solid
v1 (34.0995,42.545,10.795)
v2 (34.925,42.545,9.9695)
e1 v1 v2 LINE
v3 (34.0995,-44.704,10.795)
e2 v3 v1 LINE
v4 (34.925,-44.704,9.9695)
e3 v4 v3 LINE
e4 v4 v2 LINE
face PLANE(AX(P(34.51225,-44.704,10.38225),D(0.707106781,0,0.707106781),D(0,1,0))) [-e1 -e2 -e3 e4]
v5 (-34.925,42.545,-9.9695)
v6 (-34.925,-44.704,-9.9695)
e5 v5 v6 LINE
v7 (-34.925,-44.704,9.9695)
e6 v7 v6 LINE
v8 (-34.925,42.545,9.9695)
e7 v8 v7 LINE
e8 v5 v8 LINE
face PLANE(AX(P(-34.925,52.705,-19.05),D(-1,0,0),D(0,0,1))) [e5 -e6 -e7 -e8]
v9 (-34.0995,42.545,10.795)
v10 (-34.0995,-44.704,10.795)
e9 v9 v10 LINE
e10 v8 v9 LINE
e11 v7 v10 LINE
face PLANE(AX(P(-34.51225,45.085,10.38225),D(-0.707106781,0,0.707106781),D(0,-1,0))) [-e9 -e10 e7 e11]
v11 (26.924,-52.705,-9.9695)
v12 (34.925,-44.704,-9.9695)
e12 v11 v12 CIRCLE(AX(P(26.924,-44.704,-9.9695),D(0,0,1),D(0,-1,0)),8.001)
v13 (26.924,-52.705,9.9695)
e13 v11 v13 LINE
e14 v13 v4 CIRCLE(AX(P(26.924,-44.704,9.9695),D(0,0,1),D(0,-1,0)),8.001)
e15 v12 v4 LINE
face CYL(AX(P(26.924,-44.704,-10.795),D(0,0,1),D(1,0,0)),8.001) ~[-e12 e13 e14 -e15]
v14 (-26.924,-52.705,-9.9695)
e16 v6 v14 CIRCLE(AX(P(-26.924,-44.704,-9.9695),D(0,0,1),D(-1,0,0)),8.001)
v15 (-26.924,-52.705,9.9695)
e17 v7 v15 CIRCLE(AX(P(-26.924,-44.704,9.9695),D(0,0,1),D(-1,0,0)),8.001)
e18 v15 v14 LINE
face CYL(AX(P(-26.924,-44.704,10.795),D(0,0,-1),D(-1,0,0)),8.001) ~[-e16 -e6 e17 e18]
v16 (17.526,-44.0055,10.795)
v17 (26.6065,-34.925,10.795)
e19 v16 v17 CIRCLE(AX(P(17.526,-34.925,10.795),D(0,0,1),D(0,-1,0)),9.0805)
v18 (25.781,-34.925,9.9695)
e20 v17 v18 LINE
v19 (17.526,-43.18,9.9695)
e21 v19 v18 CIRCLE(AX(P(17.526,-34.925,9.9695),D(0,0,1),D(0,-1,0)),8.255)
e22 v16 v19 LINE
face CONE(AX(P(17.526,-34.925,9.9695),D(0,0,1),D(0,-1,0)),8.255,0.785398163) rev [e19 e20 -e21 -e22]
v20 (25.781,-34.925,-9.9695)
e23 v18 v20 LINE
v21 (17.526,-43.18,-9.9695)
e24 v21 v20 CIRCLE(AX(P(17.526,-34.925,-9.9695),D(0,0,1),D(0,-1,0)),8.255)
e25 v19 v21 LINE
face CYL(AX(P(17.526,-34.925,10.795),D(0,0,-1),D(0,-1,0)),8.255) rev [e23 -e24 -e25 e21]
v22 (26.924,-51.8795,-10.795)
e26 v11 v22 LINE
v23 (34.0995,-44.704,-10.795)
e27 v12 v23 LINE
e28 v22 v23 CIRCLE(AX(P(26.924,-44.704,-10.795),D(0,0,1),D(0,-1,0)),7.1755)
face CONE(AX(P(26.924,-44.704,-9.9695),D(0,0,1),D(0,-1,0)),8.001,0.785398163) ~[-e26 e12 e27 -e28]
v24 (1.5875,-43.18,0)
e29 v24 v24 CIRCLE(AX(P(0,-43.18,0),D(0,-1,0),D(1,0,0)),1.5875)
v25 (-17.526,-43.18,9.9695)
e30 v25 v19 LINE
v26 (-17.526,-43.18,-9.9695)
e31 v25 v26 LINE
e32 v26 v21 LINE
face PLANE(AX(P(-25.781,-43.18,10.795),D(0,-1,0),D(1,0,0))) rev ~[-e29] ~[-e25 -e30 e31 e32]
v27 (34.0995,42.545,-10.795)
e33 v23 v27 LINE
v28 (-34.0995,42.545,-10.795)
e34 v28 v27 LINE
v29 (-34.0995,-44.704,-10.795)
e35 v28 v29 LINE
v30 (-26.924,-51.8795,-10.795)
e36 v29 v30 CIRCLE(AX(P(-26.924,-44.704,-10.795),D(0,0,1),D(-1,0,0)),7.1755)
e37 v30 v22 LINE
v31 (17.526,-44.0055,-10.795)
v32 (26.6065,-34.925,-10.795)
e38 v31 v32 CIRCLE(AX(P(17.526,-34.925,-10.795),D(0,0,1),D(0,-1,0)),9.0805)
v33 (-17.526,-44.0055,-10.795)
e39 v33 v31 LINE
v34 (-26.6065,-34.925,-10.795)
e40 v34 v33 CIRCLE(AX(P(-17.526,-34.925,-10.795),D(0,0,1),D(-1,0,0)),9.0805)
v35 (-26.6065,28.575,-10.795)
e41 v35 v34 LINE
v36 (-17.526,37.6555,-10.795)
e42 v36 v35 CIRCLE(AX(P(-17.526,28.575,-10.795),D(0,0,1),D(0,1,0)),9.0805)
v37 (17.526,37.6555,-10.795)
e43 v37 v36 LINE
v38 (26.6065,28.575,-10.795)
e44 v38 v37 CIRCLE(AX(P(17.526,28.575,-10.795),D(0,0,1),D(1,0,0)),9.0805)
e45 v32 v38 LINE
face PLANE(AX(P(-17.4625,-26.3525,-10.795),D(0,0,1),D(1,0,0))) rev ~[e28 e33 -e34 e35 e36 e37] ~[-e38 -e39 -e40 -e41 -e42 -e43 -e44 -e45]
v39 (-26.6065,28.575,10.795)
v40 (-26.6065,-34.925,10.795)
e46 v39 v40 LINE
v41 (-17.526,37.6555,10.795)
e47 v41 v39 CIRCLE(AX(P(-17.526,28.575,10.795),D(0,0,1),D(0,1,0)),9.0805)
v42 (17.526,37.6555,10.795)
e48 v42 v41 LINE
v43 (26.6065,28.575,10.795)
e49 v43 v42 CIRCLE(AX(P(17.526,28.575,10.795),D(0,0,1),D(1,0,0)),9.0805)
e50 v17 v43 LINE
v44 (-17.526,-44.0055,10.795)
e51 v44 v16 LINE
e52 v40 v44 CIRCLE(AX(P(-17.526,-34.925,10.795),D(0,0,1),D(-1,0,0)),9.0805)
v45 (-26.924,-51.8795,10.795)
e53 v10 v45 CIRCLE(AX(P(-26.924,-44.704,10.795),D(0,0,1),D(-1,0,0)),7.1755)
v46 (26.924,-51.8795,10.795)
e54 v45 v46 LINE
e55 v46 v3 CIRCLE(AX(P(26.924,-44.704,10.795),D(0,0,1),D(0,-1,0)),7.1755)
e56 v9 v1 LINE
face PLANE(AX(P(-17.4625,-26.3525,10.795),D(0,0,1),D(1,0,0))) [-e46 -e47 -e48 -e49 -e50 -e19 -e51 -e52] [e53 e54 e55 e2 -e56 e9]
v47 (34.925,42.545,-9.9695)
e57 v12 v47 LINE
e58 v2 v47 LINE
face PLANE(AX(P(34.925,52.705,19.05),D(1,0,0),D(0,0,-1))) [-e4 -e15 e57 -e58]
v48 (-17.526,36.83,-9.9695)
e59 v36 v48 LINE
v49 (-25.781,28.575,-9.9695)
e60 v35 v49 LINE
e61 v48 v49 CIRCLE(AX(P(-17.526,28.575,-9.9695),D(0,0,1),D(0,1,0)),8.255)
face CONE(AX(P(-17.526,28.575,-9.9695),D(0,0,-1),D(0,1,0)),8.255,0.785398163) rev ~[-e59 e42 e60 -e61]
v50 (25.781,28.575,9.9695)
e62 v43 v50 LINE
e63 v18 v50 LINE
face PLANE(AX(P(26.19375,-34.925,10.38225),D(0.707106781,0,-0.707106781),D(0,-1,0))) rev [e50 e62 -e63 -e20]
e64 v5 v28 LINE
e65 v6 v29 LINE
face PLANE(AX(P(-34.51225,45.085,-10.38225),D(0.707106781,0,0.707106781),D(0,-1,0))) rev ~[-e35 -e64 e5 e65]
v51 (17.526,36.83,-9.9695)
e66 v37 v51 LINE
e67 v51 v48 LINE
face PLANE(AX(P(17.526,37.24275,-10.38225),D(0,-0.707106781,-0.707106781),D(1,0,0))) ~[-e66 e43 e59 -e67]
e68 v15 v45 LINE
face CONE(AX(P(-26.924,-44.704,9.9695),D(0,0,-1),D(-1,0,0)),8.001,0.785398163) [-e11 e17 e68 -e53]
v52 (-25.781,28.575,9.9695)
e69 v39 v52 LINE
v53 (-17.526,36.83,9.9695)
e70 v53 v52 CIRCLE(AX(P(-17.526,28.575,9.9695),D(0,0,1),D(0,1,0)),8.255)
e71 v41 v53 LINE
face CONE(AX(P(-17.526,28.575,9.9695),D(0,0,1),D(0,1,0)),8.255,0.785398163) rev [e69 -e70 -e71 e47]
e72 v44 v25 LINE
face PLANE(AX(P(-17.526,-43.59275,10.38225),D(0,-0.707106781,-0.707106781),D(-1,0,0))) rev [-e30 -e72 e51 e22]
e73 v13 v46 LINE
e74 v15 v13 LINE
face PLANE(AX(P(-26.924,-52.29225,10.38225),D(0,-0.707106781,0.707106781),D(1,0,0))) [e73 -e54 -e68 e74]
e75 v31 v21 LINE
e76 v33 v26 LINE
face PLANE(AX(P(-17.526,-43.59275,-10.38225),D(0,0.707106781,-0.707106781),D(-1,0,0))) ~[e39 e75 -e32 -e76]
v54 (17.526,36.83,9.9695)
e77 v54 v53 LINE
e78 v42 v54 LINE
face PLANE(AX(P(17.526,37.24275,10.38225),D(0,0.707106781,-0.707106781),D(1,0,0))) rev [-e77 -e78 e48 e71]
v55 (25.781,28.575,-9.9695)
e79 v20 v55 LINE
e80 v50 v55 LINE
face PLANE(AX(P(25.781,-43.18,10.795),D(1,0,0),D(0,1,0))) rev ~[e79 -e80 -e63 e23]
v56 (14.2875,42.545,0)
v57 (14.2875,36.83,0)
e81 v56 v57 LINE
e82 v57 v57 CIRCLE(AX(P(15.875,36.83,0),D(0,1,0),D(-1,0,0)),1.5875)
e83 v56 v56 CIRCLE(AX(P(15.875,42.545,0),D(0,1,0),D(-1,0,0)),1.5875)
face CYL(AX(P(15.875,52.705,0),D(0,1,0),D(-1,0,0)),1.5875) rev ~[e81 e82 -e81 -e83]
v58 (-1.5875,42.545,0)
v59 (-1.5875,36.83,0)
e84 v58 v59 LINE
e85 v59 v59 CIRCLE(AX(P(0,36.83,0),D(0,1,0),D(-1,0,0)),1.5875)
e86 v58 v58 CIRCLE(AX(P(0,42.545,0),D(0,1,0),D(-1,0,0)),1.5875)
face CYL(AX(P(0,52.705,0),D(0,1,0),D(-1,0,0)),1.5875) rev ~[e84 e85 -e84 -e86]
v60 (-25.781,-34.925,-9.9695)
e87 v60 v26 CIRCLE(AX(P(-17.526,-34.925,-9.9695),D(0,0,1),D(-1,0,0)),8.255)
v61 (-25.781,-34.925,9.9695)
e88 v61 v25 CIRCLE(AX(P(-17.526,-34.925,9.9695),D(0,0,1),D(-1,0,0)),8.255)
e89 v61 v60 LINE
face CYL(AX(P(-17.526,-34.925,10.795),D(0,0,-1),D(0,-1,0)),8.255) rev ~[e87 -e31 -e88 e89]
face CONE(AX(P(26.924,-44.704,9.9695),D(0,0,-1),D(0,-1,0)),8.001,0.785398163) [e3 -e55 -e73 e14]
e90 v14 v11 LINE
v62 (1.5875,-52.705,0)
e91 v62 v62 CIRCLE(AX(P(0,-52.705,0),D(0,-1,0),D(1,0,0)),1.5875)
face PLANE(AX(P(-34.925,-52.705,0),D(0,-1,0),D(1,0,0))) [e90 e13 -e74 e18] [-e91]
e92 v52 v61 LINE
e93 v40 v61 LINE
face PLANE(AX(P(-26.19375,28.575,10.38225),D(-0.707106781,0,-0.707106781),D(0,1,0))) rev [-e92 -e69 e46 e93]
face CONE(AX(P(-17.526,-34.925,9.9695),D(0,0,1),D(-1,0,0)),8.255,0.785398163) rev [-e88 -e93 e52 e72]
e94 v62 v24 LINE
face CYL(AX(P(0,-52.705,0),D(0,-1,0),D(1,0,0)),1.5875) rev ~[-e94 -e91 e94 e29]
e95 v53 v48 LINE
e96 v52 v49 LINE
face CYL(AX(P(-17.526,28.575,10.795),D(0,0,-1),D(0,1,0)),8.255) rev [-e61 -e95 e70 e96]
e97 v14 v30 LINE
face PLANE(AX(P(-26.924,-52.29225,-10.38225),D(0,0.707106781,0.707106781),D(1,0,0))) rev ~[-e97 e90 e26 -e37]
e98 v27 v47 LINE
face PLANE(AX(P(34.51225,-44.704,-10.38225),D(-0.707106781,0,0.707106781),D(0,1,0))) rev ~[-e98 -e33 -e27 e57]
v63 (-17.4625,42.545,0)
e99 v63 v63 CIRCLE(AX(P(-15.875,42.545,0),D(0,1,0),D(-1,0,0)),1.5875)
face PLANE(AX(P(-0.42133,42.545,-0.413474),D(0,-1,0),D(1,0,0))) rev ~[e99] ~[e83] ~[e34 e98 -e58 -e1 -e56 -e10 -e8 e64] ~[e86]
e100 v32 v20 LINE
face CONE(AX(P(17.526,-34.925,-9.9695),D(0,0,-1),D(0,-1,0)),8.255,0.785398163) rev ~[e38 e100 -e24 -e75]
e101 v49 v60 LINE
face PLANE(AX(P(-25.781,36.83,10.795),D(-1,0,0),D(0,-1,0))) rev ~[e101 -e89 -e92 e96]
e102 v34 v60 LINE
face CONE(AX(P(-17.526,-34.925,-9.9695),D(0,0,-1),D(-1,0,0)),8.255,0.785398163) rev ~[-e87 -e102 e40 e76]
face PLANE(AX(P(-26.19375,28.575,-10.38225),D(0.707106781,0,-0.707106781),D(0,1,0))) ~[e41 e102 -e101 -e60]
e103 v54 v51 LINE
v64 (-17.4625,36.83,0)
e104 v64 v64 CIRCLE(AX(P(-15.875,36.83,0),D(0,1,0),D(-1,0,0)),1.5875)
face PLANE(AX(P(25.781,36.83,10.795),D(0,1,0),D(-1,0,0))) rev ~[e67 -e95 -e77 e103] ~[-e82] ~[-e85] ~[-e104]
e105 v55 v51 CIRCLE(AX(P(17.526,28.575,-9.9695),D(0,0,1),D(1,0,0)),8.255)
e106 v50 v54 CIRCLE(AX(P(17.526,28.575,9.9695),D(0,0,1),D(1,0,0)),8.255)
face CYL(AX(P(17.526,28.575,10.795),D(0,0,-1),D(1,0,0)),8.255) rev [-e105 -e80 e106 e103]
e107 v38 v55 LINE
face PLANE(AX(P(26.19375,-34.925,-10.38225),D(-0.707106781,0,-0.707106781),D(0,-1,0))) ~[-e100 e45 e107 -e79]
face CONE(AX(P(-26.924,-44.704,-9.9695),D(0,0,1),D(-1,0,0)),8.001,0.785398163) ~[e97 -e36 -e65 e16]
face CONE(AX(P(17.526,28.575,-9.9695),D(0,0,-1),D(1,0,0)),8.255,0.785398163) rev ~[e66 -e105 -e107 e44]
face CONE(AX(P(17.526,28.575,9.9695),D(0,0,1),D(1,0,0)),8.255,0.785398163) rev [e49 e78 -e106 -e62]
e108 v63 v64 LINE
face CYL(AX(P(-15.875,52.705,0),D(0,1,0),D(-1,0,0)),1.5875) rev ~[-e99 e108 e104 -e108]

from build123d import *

# Parameters (mm, degrees)
F0_W      = 34.925
F0_H      = 52.705
F1_DEPTH  = 10.795
F2_DEPTH  = 10.795
F3_W      = 25.781
F3_H      = 43.18
F3_H_2    = 36.83
F4_DEPTH  = 25.4
F5_R      = 8.255
F6_W      = 34.925
F6_H      = 19.05
F7_DEPTH  = 5.08
F8_R      = 1.5875
F9_DEPTH  = 50.8
F10_R     = 7.493
F11_DEPTH = 76.2
F12_R     = 8.001
F13_R     = 1.5875
F14_DEPTH = 25.4
F15_SIZE  = 0.762
F16_R     = 2.54
F17_SIZE  = 0.8255
F19_W     = 73.3495355977
F19_H     = 43.3503502247
F20_DEPTH = 25.4
F21_R     = 1.5875
F22_DEPTH = 25.4


with BuildPart() as f1:
    # F0 (on Top) → F1 (new body)
    with BuildSketch(Plane.XY):
        with Locations((-17.4625, -26.3525)):
            Rectangle(F0_W, F0_H)
        with Locations((-17.4625, 26.3525)):
            Rectangle(F0_W, F0_H)
        Polygon((0, 52.705), (0, 0), (0, -52.705), (34.925, -52.705), (34.925, 0), (34.925, 52.705), align=None)
    extrude(amount=F1_DEPTH)

    # F0 (on Top) → F2 (join)
    with BuildSketch(Plane.XY):
        with Locations((-17.4625, -26.3525)):
            Rectangle(F0_W, F0_H)
        with Locations((-17.4625, 26.3525)):
            Rectangle(F0_W, F0_H)
        Polygon((0, 52.705), (0, 0), (0, -52.705), (34.925, -52.705), (34.925, 0), (34.925, 52.705), align=None)
    extrude(amount=-F2_DEPTH)

    # F3 (on face) → F4 (cut)
    with BuildSketch(Plane.XY.offset(10.795)):
        with Locations((-12.8905, -21.59)):
            Rectangle(F3_W, F3_H)
        with Locations((-12.8905, 18.415)):
            Rectangle(F3_W, F3_H_2)
        with Locations((12.8905, -21.59)):
            Rectangle(F3_W, F3_H)
        with Locations((12.8905, 18.415)):
            Rectangle(F3_W, F3_H_2)
    extrude(amount=-F4_DEPTH, mode=Mode.SUBTRACT)

    # F5
    f5_edges = [f1.edges().sort_by_distance(p)[0] for p in [
        (-25.781, 36.83, 0),
        (25.781, 36.83, 0),
        (-25.781, -43.18, 0),
        (25.781, -43.18, 0),
    ]]
    fillet(f5_edges, radius=F5_R)

    # F6 (on face) → F7 (join)
    with BuildSketch(Plane(origin=(0, 52.705, 0), x_dir=(-1, 0, 0), z_dir=(0, 1, 0))):
        Polygon((-34.925, 0), (0, 0), (0, -19.05), (34.925, -19.05), (34.925, 0), (34.925, 19.05), (0, 19.05), (-34.925, 19.05), align=None)
        with Locations((-17.4625, -9.525)):
            Rectangle(F6_W, F6_H)
    extrude(amount=-F7_DEPTH)

    # F8 (on face) → F9 (cut)
    with BuildSketch(Plane.XZ.offset(-47.625)):
        with Locations((22.225, 15.24)):
            Circle(F8_R)
        with Locations((0, 15.24)):
            Circle(F8_R)
        with Locations((0, -15.24)):
            Circle(F8_R)
        with Locations((22.225, -15.24)):
            Circle(F8_R)
        with Locations((-22.225, 15.24)):
            Circle(F8_R)
        with Locations((-22.225, -15.24)):
            Circle(F8_R)
    extrude(amount=-F9_DEPTH, mode=Mode.SUBTRACT)

    # F10 (on face) → F11 (cut)
    with BuildSketch(Plane(origin=(-34.925, 0, 0), x_dir=(0, -1, 0), z_dir=(-1, 0, 0))):
        with Locations((-52.705, 0)):
            Circle(F10_R)
    extrude(amount=-F11_DEPTH, mode=Mode.SUBTRACT)

    # F12
    f12_edges = [f1.edges().sort_by_distance(p)[0] for p in [
        (34.925, -52.705, 0),
        (-34.925, -52.705, 0),
    ]]
    fillet(f12_edges, radius=F12_R)

    # F13 (on face) → F14 (cut)
    with BuildSketch(Plane(origin=(0, 52.705, 0), x_dir=(-1, 0, 0), z_dir=(0, 1, 0))):
        Circle(F13_R)
        with Locations((-15.875, 0)):
            Circle(F13_R)
        with Locations((15.875, 0)):
            Circle(F13_R)
    extrude(amount=-F14_DEPTH, mode=Mode.SUBTRACT)

    # F15
    f15_edges = [f1.edges().sort_by_distance(p)[0] for p in [
        (17.4625, 45.212, 0),
        (1.5875, 45.212, 0),
        (-14.2875, 45.212, 0),
    ]]
    chamfer(f15_edges, length=F15_SIZE)

    # F16
    f16_edges = [f1.edges().sort_by_distance(p)[0] for p in [
        (0, 47.625, -10.795),
        (0, 47.625, 10.795),
    ]]
    fillet(f16_edges, radius=F16_R)

    # F17
    f17_edges = [f1.edges().sort_by_distance(p)[0] for p in [
        (25.781, -3.175, 10.795),
        (34.925, 0.1905, 10.795),
        (34.925, 0.1905, -10.795),
        (25.781, -3.175, -10.795),
        (0, 47.625, -19.05),
        (0, 47.625, 19.05),
    ]]
    chamfer(f17_edges, length=F17_SIZE)

    # F19 (on offset) → F20 (cut)
    with BuildSketch(Plane.XZ.offset(-42.545)):
        with Locations((-0.421330399, -0.413473639)):
            Rectangle(F19_W, F19_H)
    extrude(amount=-F20_DEPTH, mode=Mode.SUBTRACT)

    # F21 (on face) → F22 (cut)
    with BuildSketch(Plane.XZ.offset(52.705)):
        Circle(F21_R)
    extrude(amount=-F22_DEPTH, mode=Mode.SUBTRACT)


solid = f1.part
